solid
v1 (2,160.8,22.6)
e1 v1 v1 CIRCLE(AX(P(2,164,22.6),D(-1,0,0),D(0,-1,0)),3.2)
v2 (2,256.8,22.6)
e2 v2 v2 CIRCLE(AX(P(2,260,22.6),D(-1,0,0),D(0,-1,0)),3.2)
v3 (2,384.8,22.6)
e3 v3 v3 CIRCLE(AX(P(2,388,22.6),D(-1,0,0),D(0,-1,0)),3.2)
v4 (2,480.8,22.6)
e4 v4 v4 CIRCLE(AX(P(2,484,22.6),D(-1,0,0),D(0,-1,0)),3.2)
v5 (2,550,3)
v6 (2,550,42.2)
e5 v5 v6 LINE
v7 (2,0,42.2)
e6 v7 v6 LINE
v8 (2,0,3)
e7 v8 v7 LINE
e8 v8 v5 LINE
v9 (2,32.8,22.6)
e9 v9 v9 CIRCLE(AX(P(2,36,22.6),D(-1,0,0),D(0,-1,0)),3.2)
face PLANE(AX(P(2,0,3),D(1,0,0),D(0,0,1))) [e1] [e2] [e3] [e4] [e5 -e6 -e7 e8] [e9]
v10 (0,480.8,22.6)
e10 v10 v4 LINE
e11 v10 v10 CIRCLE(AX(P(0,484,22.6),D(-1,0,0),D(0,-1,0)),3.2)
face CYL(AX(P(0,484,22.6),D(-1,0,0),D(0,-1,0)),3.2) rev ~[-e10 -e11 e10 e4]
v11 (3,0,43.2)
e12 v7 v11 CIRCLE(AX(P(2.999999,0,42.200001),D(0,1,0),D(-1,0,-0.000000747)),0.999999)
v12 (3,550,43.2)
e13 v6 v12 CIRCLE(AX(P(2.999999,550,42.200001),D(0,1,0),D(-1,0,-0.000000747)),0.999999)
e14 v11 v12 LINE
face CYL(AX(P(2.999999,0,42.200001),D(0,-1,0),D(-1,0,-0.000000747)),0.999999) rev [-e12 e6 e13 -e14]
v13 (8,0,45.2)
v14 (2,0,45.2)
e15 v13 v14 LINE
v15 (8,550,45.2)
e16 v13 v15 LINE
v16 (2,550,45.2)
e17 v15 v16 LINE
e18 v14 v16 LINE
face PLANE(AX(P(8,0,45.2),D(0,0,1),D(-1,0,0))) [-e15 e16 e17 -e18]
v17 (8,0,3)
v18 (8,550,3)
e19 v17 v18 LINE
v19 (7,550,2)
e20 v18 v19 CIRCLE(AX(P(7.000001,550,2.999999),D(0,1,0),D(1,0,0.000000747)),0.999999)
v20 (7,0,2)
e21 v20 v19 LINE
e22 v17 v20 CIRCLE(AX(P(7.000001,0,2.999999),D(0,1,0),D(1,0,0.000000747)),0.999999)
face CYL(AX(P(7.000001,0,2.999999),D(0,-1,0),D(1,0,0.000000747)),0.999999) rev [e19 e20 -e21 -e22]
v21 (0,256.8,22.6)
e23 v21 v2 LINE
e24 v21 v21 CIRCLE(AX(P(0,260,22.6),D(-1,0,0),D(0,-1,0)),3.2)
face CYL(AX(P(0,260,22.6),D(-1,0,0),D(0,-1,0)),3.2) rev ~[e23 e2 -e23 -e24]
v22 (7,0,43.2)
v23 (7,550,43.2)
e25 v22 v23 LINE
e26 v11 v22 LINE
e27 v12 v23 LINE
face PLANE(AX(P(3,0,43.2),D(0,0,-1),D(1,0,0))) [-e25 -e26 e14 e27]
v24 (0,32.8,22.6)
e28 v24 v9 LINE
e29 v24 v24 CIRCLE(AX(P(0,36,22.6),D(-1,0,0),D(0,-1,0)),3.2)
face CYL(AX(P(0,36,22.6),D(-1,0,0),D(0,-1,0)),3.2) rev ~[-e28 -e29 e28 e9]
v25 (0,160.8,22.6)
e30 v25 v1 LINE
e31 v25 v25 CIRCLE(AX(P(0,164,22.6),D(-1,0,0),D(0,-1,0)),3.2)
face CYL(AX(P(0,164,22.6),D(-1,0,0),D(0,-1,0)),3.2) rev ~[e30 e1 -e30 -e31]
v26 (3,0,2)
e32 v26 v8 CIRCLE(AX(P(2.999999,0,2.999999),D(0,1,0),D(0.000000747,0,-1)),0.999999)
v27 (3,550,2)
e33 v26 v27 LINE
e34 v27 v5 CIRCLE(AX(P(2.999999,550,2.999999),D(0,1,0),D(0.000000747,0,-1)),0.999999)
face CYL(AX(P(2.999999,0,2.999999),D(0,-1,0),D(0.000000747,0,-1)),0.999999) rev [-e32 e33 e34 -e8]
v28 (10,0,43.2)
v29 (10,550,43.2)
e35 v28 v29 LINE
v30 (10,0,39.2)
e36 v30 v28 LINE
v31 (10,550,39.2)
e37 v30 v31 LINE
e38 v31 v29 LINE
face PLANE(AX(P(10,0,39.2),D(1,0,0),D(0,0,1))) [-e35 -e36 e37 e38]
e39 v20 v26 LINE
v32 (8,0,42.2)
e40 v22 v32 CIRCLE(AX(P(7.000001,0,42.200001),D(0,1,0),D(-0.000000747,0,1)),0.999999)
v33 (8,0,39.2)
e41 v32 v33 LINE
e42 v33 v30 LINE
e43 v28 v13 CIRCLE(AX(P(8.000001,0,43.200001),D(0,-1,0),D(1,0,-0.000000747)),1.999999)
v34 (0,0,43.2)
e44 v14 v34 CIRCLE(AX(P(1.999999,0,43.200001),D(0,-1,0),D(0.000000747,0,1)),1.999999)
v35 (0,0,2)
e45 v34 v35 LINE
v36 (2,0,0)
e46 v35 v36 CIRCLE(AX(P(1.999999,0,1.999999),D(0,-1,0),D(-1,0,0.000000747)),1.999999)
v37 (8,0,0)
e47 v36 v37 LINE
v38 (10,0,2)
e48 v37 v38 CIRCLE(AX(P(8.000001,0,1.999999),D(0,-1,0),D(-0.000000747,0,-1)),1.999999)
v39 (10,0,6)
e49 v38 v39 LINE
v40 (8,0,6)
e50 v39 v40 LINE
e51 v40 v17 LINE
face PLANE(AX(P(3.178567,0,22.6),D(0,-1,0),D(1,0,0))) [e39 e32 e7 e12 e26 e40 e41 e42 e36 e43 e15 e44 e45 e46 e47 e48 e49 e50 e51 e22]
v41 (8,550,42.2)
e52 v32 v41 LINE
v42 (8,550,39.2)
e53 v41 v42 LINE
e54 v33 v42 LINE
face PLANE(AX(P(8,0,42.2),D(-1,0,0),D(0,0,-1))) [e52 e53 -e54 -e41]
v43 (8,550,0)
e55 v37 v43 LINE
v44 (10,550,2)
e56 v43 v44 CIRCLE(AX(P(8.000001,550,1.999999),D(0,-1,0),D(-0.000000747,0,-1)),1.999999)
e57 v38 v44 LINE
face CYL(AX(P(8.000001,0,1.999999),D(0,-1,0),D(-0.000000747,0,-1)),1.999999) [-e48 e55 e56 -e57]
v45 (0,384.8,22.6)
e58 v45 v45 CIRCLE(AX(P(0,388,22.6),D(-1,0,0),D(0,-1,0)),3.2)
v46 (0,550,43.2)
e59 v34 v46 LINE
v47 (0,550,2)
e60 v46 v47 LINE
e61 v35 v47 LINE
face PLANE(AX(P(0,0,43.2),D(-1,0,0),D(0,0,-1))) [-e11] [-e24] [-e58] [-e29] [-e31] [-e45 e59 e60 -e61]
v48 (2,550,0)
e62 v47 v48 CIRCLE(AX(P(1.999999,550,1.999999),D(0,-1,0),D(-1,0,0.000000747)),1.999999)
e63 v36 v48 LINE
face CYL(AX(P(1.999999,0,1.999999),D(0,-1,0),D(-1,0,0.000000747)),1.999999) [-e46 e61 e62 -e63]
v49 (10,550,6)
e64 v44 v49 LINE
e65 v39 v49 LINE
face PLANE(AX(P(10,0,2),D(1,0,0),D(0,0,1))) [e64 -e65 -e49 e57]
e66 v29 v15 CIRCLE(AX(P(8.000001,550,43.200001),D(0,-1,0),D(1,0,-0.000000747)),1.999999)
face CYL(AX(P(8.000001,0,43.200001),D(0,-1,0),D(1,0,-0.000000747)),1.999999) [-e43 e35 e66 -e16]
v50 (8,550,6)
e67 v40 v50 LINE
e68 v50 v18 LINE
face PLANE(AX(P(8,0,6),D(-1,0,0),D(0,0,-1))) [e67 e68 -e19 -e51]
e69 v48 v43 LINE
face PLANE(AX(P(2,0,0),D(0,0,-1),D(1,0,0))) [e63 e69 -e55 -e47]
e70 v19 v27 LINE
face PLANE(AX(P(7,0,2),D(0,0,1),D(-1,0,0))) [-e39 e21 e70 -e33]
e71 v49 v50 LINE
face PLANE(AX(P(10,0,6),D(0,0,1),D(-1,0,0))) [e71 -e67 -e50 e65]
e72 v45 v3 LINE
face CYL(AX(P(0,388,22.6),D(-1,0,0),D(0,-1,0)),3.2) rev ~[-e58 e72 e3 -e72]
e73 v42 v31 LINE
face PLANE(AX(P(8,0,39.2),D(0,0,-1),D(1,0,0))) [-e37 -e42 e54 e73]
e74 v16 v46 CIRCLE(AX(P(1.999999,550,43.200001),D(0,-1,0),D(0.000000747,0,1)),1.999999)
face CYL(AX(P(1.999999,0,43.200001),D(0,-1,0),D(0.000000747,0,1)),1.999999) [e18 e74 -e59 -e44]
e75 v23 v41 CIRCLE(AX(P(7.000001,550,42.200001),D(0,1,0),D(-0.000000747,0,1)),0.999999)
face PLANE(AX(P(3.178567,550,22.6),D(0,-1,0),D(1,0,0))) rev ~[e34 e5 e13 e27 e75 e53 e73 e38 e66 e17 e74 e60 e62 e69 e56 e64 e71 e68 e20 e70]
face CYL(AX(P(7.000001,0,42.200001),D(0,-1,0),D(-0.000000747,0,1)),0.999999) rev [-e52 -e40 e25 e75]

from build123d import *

# Parameters (mm, degrees)
F1_DEPTH = 550
F2_R     = 3.2
F3_DEPTH = 2


with BuildPart() as f1:
    # F0 (on Front) → F1 (new body)
    with BuildSketch(Plane.XZ):
        with BuildLine():
            ThreePointArc((0, 2), (0.585786, 0.585786), (2, 0))
            Line((2, 0), (8, 0))
            ThreePointArc((8, 0), (9.414214, 0.585786), (10, 2))
            Line((10, 2), (10, 6))
            Line((10, 6), (8, 6))
            Line((8, 6), (8, 3))
            ThreePointArc((8, 3), (7.707107, 2.292893), (7, 2))
            Line((7, 2), (3, 2))
            ThreePointArc((3, 2), (2.292893, 2.292893), (2, 3))
            Line((2, 3), (2, 42.2))
            ThreePointArc((2, 42.2), (2.292893, 42.907107), (3, 43.2))
            Line((3, 43.2), (7, 43.2))
            ThreePointArc((7, 43.2), (7.707107, 42.907107), (8, 42.2))
            Line((8, 42.2), (8, 39.2))
            Line((8, 39.2), (10, 39.2))
            Line((10, 39.2), (10, 43.2))
            ThreePointArc((10, 43.2), (9.414214, 44.614214), (8, 45.2))
            Line((8, 45.2), (2, 45.2))
            ThreePointArc((2, 45.2), (0.585786, 44.614214), (0, 43.2))
            Line((0, 43.2), (0, 2))
        make_face()
    extrude(amount=-F1_DEPTH)

    # F2 (on face) → F3 (cut)
    with BuildSketch(Plane(origin=(0, 0, 0), x_dir=(0, -1, 0), z_dir=(-1, 0, 0))):
        with Locations((-36, 22.6)):
            Circle(F2_R)
        with Locations((-164, 22.6)):
            Circle(F2_R)
        with Locations((-260, 22.6)):
            Circle(F2_R)
        with Locations((-388, 22.6)):
            Circle(F2_R)
        with Locations((-484, 22.6)):
            Circle(F2_R)
    extrude(amount=-F3_DEPTH, mode=Mode.SUBTRACT)


solid = f1.part
